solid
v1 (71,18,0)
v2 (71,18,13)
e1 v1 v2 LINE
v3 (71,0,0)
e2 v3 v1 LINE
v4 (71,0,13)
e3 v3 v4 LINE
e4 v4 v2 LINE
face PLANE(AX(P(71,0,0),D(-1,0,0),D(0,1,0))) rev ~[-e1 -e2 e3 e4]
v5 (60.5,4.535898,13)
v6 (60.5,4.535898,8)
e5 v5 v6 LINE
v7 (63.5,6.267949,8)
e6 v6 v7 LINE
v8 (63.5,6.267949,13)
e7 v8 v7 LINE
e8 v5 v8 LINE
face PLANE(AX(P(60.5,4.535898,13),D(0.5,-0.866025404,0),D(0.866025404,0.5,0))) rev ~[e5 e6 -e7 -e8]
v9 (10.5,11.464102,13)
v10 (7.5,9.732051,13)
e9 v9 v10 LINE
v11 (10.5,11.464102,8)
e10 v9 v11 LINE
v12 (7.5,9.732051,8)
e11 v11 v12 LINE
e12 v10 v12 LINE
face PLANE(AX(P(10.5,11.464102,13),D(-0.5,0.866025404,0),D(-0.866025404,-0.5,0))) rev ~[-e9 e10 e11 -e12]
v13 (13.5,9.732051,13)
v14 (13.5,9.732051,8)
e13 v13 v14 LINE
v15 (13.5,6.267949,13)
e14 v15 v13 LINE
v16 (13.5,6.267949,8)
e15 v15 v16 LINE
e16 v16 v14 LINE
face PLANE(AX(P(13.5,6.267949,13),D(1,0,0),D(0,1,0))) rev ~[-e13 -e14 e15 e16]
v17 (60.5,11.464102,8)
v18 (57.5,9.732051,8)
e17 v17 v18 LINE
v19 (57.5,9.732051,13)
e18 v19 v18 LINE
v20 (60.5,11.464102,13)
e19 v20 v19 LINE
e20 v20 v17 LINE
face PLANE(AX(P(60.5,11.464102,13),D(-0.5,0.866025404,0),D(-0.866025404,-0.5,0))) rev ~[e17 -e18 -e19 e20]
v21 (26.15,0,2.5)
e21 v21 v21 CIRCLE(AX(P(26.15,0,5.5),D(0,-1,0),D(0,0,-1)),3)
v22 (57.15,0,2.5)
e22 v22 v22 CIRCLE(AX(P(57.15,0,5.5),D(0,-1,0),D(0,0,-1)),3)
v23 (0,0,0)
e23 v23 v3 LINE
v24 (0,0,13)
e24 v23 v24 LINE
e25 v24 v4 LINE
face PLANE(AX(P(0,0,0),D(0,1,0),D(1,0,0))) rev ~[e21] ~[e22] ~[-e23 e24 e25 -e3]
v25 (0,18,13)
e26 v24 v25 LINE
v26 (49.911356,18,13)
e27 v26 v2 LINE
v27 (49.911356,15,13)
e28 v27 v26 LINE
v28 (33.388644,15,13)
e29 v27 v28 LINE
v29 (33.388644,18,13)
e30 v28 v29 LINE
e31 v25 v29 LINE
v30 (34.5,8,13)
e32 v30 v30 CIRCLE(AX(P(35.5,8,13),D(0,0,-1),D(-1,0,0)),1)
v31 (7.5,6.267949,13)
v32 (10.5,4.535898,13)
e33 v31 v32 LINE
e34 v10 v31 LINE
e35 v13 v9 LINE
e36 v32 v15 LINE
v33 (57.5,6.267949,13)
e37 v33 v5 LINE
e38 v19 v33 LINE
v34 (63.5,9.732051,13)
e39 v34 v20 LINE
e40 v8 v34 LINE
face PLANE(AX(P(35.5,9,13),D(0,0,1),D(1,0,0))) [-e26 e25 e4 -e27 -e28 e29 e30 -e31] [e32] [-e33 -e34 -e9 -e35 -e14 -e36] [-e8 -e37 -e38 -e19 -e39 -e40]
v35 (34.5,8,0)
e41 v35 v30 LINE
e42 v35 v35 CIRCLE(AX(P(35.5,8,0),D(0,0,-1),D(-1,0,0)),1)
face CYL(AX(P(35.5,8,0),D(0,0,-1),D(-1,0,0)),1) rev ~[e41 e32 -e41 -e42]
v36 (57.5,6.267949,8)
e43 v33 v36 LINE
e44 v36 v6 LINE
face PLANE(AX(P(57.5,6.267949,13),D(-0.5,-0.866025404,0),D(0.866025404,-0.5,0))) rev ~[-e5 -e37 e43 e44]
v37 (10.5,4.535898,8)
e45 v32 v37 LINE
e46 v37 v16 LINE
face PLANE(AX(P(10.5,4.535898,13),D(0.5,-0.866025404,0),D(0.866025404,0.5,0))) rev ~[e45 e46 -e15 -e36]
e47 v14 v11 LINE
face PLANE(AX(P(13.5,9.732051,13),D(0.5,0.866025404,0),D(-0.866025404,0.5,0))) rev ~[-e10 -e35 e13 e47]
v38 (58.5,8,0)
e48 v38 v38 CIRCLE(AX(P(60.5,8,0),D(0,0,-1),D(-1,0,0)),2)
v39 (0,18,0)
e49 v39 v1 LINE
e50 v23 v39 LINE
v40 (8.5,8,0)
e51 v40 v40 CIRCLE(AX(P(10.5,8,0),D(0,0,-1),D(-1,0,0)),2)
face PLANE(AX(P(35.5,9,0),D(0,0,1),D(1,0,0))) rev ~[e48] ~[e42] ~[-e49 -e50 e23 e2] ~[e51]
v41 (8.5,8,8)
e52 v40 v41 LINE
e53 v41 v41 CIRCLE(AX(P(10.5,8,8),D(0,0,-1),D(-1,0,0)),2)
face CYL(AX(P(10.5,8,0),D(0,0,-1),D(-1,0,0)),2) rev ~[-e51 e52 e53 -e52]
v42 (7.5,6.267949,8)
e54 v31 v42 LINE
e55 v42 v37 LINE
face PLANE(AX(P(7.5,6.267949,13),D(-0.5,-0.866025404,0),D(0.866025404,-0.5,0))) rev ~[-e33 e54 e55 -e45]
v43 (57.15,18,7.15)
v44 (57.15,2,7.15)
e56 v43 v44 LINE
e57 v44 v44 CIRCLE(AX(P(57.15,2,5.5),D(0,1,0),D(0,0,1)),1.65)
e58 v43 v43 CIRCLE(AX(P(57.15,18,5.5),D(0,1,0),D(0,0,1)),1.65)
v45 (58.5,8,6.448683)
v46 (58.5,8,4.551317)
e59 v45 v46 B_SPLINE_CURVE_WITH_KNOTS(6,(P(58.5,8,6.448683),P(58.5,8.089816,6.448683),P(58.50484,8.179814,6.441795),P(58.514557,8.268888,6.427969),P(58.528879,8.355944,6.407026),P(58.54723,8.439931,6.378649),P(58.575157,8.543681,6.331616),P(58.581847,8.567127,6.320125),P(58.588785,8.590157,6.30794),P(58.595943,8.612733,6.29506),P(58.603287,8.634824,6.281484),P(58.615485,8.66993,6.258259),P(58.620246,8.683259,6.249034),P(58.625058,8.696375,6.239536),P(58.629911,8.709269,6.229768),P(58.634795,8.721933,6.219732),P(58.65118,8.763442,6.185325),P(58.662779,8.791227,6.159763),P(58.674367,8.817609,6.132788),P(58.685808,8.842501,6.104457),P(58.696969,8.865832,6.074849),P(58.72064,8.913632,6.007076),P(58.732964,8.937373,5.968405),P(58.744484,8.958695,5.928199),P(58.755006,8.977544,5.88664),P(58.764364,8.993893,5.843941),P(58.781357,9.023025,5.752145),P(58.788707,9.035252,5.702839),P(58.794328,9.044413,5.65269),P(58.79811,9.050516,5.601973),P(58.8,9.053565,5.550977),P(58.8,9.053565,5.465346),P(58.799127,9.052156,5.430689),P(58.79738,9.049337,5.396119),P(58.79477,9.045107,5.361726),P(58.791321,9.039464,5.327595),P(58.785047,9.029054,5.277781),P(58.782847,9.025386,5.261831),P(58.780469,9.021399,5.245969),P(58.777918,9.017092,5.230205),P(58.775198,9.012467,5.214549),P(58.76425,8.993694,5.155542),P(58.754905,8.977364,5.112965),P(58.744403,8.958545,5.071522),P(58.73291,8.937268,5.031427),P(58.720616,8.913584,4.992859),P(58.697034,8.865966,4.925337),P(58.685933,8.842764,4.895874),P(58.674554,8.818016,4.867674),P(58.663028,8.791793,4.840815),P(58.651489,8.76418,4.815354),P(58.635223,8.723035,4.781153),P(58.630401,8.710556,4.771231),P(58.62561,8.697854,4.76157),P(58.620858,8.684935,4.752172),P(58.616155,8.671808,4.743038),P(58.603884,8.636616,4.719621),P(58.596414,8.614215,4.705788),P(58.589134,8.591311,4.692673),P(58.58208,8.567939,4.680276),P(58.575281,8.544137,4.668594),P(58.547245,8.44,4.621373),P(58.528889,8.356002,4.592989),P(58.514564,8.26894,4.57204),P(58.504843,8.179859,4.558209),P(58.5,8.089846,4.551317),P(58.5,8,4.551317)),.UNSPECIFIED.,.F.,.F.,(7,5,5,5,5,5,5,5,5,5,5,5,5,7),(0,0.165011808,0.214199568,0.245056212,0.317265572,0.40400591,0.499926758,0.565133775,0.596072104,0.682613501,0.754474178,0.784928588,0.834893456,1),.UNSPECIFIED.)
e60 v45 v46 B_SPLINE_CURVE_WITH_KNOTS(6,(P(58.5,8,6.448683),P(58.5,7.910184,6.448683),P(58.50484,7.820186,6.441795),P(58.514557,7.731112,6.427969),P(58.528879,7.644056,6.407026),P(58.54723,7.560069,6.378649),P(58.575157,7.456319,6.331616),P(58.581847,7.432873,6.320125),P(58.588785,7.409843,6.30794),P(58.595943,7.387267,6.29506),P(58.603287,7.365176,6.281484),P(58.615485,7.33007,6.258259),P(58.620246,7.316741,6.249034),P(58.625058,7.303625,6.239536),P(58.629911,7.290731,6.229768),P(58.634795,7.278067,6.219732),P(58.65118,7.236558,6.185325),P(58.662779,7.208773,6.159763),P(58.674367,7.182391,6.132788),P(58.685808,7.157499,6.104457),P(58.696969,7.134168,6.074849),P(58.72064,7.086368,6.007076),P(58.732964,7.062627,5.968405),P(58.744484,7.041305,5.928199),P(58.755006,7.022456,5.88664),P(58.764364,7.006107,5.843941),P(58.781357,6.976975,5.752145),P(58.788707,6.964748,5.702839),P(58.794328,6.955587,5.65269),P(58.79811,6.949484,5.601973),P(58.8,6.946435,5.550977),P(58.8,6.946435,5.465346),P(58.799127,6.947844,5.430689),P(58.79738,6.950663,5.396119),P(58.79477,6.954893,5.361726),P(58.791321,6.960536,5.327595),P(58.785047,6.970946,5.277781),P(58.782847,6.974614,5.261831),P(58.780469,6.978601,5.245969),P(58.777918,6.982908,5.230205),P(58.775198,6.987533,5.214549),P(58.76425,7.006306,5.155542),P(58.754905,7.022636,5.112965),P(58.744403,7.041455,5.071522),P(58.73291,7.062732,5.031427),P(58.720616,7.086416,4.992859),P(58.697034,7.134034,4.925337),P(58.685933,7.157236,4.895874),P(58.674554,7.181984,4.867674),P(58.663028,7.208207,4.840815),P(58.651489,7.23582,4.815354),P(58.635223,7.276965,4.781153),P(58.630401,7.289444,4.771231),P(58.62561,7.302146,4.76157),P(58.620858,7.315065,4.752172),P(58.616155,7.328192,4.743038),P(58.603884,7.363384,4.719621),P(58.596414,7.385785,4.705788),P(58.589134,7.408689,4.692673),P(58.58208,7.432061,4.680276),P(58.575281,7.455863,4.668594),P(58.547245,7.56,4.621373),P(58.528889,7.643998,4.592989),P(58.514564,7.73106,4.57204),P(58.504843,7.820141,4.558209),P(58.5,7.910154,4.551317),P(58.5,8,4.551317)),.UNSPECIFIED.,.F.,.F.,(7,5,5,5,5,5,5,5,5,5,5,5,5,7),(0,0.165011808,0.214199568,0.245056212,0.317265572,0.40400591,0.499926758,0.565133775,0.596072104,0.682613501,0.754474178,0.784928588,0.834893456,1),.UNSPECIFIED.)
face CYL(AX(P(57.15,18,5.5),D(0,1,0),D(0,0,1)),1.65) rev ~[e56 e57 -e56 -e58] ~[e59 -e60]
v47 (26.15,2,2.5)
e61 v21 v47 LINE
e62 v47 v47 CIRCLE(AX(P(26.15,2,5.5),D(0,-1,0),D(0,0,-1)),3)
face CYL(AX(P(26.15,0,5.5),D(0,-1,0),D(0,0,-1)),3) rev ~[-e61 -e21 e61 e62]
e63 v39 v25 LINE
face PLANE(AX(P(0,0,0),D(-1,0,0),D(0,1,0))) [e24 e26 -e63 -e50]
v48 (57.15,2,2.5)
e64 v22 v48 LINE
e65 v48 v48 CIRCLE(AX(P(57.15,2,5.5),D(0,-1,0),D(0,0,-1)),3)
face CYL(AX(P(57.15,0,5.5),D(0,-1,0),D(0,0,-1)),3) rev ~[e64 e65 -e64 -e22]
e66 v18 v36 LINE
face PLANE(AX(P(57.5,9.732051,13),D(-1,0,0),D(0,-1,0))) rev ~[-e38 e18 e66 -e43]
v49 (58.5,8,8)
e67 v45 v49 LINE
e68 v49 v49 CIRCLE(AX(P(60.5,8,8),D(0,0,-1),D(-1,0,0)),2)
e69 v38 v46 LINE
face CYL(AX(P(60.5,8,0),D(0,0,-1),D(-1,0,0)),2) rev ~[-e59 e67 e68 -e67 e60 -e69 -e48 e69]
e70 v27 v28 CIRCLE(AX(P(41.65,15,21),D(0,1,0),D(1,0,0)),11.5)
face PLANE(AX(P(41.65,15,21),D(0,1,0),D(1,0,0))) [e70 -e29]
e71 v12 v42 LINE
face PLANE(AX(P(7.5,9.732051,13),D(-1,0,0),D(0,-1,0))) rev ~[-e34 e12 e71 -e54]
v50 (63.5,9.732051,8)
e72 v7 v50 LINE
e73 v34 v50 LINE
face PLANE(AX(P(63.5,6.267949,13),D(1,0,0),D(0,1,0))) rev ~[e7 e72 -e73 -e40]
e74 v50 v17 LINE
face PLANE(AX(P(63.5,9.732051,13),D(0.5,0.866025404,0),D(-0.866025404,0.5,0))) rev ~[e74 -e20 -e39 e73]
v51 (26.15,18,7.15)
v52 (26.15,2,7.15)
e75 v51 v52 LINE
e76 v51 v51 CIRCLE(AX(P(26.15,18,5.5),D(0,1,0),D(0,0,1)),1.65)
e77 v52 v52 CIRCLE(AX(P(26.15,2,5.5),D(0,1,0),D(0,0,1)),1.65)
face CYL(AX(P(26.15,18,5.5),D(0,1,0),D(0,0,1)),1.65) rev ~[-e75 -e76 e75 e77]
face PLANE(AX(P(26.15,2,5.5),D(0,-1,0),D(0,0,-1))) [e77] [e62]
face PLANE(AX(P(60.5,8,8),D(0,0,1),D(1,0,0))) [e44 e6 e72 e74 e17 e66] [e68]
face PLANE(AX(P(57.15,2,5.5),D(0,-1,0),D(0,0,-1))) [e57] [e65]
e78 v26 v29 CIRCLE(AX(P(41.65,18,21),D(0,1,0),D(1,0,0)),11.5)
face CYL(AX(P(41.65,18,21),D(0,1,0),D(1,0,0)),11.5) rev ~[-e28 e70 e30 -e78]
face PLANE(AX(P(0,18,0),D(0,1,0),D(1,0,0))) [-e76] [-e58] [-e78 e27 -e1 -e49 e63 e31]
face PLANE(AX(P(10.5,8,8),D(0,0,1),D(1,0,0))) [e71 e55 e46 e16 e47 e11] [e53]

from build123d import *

# Parameters (mm, degrees)
SKETCH_1_W          = 71
SKETCH_1_H          = 18
EXTRUDE_1_DEPTH     = 13
SKETCH_2_R          = 1
SKETCH_2_R_2        = 2
CUT_EXTRUDE_1_DEPTH = 75.390859654
SKETCH_3_R          = 1.65
CUT_EXTRUDE_2_DEPTH = 75.390859654
CUT_EXTRUDE_3_DEPTH = 5
SKETCH_5_R          = 11.5
CUT_EXTRUDE_4_DEPTH = 3
SKETCH_6_R          = 3
CUT_EXTRUDE_5_DEPTH = 2


with BuildPart() as part:
    # Эскиз1 → Бобышка-Вытянуть1 (new body)
    with BuildSketch(Plane.XY):
        with Locations((35.5, 9)):
            Rectangle(SKETCH_1_W, SKETCH_1_H)
    extrude(amount=EXTRUDE_1_DEPTH)

    # Эскиз2 → Вырез-Вытянуть1 (cut, through all)
    with BuildSketch(Plane(origin=(0, 0, 0), x_dir=(-1, 0, 0), z_dir=(0, 0, -1))):
        with Locations((-35.5, 8)):
            Circle(SKETCH_2_R)
        with Locations((-10.5, 8)):
            Circle(SKETCH_2_R_2)
        with Locations((-60.5, 8)):
            Circle(SKETCH_2_R_2)
    extrude(amount=-CUT_EXTRUDE_1_DEPTH, mode=Mode.SUBTRACT)

    # Эскиз3 → Вырез-Вытянуть2 (cut, through all)
    with BuildSketch(Plane(origin=(0, 18, 0), x_dir=(1, 0, 0), z_dir=(0, 1, 0))):
        with Locations((57.15, -5.5)):
            Circle(SKETCH_3_R)
        with Locations((26.15, -5.5)):
            Circle(SKETCH_3_R)
    extrude(amount=-CUT_EXTRUDE_2_DEPTH, mode=Mode.SUBTRACT)

    # Эскиз4 → Вырез-Вытянуть3 (cut)
    with BuildSketch(Plane.XY.offset(13)):
        Polygon((60.5, 11.464101615), (57.5, 9.732050808), (57.5, 6.267949192), (60.5, 4.535898385), (63.5, 6.267949192), (63.5, 9.732050808), align=None)
        Polygon((13.5, 9.732050808), (10.5, 11.464101615), (7.5, 9.732050808), (7.5, 6.267949192), (10.5, 4.535898385), (13.5, 6.267949192), align=None)
    extrude(amount=-CUT_EXTRUDE_3_DEPTH, mode=Mode.SUBTRACT)

    # Эскиз5 → Вырез-Вытянуть4 (cut)
    with BuildSketch(Plane(origin=(0, 18, 0), x_dir=(1, 0, 0), z_dir=(0, 1, 0))):
        with Locations((41.65, -21)):
            Circle(SKETCH_5_R)
    extrude(amount=-CUT_EXTRUDE_4_DEPTH, mode=Mode.SUBTRACT)

    # Эскиз6 → Вырез-Вытянуть5 (cut)
    with BuildSketch(Plane.XZ):
        with Locations((26.15, 5.5)):
            Circle(SKETCH_6_R)
        with Locations((57.15, 5.5)):
            Circle(SKETCH_6_R)
    extrude(amount=-CUT_EXTRUDE_5_DEPTH, mode=Mode.SUBTRACT)


solid = part.part
